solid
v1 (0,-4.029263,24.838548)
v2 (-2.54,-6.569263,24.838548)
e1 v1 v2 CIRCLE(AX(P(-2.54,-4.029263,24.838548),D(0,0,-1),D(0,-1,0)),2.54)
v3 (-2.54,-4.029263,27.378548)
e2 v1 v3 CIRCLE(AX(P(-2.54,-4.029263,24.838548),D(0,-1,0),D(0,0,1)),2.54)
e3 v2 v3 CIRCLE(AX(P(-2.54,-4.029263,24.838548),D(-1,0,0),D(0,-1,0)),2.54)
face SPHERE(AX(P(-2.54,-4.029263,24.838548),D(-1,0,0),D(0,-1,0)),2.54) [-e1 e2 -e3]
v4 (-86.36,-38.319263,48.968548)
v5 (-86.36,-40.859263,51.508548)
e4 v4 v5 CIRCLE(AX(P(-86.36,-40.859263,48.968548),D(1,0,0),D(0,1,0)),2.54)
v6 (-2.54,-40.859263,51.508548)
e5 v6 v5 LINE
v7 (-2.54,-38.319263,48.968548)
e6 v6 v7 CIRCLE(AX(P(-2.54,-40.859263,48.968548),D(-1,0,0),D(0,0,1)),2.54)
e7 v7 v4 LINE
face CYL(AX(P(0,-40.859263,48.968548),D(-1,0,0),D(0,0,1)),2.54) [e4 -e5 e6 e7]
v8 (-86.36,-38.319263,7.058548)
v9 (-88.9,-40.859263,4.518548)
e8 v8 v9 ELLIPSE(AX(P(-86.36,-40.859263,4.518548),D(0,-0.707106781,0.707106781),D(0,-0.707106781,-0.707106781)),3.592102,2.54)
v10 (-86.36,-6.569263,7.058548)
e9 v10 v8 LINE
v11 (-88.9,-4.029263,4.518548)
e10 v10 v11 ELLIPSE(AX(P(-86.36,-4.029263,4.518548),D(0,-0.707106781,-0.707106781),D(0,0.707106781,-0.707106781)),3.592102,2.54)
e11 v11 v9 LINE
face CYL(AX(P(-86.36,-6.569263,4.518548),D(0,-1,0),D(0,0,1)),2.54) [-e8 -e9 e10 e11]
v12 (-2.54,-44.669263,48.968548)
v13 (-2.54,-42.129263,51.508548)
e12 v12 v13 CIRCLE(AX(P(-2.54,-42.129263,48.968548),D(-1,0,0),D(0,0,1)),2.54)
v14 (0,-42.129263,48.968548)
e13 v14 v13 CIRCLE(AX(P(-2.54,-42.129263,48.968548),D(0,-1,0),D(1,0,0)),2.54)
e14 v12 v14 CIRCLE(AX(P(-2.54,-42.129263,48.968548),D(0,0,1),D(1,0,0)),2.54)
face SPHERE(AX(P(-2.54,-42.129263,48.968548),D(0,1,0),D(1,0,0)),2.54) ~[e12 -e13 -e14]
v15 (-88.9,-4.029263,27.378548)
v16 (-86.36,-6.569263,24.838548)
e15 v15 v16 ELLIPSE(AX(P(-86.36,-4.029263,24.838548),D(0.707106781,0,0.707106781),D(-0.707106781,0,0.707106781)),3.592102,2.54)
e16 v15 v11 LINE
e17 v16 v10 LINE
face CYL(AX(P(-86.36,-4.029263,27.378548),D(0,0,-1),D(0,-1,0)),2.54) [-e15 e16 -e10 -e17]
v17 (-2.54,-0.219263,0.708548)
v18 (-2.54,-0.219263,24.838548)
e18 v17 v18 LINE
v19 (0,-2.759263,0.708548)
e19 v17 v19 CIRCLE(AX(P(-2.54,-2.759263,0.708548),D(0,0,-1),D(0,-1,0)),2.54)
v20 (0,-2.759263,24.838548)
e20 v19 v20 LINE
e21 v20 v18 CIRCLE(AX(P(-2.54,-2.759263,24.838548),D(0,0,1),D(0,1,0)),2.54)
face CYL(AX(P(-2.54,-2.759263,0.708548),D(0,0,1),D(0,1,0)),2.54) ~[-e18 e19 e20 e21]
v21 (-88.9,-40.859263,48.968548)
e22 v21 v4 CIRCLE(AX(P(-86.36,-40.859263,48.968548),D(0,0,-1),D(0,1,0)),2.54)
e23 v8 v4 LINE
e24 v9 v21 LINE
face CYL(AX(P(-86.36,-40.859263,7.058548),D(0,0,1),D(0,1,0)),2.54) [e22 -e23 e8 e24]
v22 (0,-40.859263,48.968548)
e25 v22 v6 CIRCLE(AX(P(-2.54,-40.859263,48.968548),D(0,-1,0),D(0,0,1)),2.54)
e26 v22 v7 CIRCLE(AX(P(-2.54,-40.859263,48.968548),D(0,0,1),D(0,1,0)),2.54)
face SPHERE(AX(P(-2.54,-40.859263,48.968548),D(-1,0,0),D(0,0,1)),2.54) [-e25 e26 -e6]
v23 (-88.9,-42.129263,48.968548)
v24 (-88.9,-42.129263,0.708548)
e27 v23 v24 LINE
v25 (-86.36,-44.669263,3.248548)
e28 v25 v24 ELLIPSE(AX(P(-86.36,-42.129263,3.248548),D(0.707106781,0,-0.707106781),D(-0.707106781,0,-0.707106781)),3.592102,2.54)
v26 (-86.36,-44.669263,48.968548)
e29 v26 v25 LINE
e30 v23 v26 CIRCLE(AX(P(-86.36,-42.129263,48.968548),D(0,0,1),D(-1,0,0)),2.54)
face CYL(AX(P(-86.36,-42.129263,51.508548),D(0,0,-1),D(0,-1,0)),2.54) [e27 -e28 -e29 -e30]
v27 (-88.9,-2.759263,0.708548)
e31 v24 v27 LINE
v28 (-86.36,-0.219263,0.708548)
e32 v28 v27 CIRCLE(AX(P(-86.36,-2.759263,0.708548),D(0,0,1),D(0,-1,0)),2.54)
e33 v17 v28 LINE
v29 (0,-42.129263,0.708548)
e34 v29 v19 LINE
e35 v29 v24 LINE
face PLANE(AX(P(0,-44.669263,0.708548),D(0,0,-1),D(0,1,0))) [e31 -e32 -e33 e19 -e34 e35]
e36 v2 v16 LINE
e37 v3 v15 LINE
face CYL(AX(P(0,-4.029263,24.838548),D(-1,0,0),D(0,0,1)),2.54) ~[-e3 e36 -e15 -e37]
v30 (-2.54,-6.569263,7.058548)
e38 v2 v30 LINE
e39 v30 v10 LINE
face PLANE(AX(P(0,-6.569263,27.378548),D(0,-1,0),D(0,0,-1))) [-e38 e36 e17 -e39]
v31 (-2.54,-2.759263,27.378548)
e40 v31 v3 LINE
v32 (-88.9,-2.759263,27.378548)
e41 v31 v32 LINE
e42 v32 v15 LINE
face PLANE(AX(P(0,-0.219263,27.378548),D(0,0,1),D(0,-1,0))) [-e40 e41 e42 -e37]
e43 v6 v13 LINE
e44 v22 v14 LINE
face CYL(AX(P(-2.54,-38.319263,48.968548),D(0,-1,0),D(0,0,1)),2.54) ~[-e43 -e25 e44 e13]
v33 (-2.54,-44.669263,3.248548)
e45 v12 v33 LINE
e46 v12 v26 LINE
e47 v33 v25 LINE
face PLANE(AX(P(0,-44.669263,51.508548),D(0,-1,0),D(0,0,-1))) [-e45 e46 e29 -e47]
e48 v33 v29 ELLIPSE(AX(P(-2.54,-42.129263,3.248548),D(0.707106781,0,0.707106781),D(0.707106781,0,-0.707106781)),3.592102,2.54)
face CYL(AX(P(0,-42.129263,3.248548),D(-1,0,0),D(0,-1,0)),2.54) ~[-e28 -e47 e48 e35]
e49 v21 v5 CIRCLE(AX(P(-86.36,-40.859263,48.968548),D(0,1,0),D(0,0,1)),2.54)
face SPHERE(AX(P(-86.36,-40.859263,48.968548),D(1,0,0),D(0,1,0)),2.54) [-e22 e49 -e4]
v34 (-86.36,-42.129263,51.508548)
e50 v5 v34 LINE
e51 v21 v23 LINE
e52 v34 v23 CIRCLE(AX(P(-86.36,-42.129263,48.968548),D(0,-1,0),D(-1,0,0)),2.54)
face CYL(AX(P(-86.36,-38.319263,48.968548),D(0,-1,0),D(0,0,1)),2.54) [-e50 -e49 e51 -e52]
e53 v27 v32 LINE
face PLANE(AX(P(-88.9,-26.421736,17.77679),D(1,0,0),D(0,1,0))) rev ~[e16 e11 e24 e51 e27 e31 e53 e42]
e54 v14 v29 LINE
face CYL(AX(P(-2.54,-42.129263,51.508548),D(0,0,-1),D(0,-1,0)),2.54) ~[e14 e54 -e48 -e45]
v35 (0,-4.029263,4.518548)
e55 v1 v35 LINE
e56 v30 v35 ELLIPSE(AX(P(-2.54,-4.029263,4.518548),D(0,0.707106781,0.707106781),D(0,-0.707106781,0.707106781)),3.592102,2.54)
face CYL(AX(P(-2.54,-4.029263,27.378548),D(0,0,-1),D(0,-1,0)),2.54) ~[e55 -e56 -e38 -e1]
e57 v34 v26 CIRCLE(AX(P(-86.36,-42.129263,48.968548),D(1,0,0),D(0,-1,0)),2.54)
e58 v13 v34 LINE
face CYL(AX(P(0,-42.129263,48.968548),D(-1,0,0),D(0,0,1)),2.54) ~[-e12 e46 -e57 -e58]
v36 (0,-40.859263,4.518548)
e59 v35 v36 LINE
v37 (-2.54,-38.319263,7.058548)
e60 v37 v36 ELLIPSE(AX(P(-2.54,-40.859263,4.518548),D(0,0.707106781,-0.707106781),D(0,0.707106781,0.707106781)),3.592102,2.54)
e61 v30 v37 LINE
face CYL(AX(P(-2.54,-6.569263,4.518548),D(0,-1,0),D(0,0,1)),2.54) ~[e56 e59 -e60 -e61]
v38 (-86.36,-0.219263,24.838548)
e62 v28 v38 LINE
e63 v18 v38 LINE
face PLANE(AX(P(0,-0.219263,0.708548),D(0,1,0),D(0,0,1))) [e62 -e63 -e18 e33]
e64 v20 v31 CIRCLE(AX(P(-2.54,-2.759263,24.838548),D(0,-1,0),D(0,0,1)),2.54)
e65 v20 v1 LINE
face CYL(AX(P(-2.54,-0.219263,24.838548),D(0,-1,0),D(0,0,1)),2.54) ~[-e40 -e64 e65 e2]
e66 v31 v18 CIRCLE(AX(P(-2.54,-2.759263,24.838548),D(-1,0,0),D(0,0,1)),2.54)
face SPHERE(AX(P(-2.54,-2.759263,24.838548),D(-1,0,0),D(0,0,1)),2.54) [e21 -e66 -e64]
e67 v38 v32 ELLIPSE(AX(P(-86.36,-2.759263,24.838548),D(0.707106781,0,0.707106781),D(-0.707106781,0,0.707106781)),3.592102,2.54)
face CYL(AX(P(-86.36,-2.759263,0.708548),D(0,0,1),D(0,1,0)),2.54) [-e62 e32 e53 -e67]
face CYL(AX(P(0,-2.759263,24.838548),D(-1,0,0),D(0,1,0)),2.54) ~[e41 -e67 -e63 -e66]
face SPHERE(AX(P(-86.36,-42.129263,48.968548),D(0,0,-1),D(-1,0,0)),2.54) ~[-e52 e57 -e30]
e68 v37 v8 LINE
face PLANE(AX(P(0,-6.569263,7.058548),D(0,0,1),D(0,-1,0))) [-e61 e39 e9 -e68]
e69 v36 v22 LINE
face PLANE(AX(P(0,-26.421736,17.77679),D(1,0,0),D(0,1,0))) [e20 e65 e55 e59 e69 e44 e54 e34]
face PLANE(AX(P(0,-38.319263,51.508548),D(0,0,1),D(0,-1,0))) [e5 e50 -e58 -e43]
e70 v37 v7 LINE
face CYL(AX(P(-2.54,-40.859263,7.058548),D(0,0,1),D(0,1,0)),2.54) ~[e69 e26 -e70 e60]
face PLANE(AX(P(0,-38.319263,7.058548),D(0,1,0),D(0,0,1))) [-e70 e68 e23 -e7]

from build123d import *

# Parameters (mm, degrees)
F1_DEPTH = 88.9
F2_R     = 2.54


with BuildPart() as f1:
    # F0 (on Right) → F1 (new body)
    with BuildSketch(Plane.YZ):
        Polygon((-38.319263, 51.508548), (-44.669263, 51.508548), (-44.669263, 0.708548), (-0.219263, 0.708548), (-0.219263, 27.378548), (-6.569263, 27.378548), (-6.569263, 7.058548), (-38.319263, 7.058548), align=None)
    extrude(amount=-F1_DEPTH)

    # F2
    f2_edges = [f1.edges().sort_by_distance(p)[0] for p in [
        (-44.45, -0.219263, 27.378548),
        (-44.45, -6.569263, 27.378548),
        (-44.45, -38.319263, 51.508548),
        (-88.9, -6.569263, 17.218548),
        (-88.9, -22.444263, 7.058548),
        (-88.9, -38.319263, 29.283548),
        (-88.9, -44.669263, 26.108548),
        (-88.9, -41.494263, 51.508548),
        (-88.9, -0.219263, 14.043548),
        (0, -41.494263, 51.508548),
        (0, -38.319263, 29.283548),
        (0, -44.669263, 26.108548),
        (0, -22.444263, 7.058548),
        (0, -6.569263, 17.218548),
        (0, -3.394263, 27.378548),
        (0, -0.219263, 14.043548),
        (-44.45, -44.669263, 51.508548),
        (-44.45, -44.669263, 0.708548),
    ]]
    fillet(f2_edges, radius=F2_R)


solid = f1.part
